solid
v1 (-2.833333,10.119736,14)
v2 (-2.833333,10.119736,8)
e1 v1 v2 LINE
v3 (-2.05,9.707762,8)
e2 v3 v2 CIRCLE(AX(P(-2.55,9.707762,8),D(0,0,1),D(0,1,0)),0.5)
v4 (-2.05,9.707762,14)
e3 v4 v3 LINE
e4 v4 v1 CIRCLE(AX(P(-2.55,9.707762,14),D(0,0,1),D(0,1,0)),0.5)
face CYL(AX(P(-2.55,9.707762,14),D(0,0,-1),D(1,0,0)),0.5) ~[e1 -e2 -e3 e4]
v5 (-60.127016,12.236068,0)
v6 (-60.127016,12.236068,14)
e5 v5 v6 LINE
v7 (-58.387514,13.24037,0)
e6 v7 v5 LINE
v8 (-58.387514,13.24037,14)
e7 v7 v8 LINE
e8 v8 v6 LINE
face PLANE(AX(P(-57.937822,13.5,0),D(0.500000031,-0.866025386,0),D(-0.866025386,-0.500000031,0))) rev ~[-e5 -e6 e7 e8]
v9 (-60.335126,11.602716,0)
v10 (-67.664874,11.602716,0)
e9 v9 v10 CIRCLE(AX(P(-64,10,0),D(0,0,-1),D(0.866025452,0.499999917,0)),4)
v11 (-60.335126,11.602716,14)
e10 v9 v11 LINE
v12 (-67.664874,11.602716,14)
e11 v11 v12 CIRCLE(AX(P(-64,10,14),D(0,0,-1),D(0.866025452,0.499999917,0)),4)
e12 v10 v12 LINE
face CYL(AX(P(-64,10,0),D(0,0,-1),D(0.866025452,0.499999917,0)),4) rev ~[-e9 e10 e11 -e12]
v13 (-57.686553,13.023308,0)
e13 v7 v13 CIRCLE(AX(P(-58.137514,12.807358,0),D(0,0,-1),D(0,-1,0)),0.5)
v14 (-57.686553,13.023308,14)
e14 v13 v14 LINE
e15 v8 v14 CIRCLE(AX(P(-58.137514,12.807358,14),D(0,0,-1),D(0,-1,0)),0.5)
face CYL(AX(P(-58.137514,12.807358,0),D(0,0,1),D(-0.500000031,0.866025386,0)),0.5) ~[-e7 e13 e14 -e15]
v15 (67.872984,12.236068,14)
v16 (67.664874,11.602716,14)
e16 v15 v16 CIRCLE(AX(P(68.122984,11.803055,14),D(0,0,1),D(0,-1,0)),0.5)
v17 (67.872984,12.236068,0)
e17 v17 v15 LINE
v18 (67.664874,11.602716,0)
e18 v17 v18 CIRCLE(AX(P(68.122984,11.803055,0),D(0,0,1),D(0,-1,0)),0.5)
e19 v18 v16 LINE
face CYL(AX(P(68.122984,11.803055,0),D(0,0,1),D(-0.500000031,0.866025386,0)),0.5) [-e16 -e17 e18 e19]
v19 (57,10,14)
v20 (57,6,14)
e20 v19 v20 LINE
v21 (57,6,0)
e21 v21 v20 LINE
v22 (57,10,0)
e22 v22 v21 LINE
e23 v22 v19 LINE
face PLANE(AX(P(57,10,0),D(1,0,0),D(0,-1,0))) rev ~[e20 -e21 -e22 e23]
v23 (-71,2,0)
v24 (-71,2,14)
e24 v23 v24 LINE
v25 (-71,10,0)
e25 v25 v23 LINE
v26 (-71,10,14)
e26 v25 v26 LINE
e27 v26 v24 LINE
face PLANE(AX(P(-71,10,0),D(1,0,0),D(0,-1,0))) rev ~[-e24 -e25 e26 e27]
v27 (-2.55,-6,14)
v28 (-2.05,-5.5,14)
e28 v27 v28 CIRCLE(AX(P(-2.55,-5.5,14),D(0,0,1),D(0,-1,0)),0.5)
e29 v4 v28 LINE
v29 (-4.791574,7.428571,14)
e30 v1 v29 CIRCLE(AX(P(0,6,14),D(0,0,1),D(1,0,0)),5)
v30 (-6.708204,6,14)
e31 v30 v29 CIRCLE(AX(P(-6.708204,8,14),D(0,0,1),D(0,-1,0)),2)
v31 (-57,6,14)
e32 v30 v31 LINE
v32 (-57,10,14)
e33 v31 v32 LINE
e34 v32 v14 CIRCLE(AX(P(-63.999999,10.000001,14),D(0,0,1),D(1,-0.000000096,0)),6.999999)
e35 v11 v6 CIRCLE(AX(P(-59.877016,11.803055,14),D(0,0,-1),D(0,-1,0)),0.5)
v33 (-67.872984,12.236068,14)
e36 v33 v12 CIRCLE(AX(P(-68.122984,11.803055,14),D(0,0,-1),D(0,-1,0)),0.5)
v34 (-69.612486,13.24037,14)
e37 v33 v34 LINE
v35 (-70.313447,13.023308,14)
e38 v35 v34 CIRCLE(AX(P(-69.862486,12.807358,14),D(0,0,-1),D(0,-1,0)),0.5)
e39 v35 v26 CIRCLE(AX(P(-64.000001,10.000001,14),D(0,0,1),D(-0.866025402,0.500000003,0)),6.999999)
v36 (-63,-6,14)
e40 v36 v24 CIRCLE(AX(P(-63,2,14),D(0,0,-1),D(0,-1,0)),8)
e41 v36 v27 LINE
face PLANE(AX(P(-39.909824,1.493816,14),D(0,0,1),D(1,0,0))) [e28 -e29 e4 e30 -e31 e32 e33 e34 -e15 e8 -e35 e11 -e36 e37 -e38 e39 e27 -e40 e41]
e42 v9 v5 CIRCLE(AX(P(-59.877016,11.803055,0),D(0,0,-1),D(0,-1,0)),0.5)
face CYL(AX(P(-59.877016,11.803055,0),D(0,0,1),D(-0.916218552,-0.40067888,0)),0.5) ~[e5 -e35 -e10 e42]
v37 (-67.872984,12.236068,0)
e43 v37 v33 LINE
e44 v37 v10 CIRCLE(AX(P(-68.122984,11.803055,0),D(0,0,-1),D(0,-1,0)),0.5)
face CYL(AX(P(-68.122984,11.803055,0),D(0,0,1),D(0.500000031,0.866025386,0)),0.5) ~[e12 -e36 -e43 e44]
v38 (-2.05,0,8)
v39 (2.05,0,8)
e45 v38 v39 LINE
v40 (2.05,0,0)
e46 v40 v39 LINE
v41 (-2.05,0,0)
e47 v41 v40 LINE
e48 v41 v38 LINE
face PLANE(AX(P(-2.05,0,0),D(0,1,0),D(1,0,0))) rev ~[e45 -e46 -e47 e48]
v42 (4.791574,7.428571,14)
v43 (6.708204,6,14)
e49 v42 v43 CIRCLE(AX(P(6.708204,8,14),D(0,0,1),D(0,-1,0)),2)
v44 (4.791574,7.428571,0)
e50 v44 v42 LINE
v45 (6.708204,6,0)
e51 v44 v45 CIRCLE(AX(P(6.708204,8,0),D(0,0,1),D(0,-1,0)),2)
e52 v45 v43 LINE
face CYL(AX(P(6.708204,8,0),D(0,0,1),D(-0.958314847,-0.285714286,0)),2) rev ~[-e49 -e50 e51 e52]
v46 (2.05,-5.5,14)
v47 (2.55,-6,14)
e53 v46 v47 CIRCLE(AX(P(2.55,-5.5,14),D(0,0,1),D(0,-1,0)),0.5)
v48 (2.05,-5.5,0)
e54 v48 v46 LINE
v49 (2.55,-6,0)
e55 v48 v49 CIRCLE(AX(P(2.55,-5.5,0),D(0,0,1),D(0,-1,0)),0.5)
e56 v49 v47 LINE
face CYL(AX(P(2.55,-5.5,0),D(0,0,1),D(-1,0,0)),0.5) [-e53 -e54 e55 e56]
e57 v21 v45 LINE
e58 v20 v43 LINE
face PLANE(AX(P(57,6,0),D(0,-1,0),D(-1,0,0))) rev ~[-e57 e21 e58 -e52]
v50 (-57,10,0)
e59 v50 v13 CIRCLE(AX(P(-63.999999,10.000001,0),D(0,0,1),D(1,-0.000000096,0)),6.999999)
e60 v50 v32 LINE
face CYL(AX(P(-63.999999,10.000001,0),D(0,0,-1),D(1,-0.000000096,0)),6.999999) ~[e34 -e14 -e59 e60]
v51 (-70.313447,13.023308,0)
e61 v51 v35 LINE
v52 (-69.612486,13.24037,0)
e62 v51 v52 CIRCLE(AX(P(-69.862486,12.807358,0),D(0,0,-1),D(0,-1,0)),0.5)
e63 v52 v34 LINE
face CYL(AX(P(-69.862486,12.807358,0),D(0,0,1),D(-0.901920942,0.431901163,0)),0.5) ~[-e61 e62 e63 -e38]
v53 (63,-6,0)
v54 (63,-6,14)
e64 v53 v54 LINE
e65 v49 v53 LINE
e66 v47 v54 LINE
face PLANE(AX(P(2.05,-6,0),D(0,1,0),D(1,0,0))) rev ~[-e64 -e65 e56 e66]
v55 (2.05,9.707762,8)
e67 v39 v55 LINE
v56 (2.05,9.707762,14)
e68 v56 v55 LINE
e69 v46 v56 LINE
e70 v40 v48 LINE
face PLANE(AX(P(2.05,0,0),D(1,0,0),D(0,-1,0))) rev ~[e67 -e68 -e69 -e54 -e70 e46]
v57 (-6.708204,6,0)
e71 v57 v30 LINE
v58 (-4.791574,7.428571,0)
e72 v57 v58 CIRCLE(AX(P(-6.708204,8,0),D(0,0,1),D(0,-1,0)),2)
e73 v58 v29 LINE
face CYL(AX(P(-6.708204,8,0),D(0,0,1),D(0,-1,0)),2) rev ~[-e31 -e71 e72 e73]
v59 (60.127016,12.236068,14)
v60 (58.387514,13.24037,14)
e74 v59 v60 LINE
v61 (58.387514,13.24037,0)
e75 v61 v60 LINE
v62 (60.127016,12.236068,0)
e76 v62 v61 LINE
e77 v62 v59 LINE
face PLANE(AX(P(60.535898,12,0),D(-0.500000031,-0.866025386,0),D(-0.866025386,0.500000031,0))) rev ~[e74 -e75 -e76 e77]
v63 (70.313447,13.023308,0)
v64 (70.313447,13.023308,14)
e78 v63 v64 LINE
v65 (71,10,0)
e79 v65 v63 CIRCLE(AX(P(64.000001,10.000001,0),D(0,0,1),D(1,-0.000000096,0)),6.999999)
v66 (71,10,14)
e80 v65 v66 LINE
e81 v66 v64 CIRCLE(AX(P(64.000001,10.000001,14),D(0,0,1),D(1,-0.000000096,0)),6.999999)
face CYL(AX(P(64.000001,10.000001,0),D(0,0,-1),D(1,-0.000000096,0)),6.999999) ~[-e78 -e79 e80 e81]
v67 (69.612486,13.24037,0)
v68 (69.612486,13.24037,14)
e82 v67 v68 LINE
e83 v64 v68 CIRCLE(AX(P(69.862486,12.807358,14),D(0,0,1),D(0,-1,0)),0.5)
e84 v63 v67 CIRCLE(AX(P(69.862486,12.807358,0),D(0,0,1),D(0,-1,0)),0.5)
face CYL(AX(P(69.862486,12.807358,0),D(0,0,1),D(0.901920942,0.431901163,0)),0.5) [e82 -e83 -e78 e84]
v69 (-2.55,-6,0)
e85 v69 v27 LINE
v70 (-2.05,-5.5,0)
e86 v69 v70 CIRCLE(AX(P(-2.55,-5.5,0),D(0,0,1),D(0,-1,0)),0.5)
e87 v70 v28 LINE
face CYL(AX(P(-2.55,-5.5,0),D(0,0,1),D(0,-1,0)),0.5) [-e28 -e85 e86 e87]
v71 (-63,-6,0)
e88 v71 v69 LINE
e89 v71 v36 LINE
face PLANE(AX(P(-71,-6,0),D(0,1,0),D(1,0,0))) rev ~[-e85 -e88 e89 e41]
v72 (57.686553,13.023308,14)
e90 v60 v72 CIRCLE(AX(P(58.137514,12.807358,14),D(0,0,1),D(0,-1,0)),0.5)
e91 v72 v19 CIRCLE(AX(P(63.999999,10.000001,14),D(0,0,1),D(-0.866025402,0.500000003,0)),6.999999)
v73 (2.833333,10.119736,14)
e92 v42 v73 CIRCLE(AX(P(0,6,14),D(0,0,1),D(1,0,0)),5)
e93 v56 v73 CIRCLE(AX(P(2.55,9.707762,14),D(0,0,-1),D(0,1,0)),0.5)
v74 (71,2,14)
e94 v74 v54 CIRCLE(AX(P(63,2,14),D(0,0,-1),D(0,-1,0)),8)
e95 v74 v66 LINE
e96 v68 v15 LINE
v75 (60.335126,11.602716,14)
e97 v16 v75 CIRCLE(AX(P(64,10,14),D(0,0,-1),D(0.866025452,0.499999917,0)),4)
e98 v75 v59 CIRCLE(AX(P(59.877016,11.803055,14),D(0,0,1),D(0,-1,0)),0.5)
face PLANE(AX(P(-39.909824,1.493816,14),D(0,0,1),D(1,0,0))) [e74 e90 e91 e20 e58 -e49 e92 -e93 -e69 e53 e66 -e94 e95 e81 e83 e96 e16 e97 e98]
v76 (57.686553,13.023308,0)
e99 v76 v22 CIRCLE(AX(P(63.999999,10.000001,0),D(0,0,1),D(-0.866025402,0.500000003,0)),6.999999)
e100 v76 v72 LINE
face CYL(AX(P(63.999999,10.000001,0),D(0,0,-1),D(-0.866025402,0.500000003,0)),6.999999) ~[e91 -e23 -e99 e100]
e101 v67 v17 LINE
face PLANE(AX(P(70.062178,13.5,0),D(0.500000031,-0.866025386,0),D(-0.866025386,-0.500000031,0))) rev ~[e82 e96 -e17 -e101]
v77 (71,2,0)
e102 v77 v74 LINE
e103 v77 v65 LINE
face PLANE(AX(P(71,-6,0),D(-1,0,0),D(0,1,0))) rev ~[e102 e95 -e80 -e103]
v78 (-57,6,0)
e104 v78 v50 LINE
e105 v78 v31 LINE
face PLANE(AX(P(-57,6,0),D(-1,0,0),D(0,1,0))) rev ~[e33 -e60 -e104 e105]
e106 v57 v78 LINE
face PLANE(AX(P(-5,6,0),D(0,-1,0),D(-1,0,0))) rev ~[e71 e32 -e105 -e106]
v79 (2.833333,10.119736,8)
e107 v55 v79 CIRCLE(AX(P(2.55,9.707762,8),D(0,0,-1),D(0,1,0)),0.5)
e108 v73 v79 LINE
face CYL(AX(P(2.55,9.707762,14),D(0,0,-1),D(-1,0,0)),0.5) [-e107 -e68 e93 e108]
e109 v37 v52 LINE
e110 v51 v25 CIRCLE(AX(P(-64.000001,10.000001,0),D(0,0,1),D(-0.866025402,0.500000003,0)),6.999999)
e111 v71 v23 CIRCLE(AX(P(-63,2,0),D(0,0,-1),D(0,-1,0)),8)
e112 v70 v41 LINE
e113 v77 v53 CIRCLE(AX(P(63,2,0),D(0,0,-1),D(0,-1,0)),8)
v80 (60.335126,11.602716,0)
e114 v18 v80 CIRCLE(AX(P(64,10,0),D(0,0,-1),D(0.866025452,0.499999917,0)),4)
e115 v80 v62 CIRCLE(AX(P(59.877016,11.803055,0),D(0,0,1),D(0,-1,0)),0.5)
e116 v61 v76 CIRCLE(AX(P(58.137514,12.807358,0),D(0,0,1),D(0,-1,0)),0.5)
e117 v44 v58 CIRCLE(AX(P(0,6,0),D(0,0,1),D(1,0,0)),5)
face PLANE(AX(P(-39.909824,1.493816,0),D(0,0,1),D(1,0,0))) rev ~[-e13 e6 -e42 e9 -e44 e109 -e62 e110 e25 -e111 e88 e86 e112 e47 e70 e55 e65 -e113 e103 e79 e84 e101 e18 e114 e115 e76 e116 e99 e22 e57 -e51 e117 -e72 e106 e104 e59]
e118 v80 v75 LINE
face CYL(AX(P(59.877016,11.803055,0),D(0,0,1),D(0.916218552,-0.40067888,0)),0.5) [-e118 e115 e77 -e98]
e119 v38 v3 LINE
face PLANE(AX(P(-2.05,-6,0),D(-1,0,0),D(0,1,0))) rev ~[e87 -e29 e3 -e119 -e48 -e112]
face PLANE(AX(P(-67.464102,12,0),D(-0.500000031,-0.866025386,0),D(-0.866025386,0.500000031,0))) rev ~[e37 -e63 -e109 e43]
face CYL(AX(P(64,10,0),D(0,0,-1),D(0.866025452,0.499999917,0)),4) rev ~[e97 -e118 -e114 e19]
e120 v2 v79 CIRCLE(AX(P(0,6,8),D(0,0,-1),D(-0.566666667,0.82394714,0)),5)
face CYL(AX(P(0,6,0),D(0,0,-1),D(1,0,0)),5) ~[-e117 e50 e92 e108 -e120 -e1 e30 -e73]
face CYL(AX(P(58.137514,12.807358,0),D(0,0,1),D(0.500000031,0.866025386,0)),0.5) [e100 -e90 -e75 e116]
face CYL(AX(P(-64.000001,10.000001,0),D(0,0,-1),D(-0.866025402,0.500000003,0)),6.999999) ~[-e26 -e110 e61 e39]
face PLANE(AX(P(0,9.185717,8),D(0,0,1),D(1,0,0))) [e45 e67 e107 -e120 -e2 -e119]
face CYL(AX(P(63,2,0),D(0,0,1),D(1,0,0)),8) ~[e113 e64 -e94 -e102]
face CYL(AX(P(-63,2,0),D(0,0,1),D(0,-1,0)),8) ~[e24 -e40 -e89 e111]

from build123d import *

# Parameters (mm, degrees)
F1_DEPTH = 14
F2_W     = 4.1
F2_H     = 18.371435
F3_DEPTH = 6
F4_R     = 8
F5_R     = 0.5
F6_R     = 2


with BuildPart() as f1:
    # F0 (on Top) → F1 (new body)
    with BuildSketch(Plane.XY):
        with BuildLine():
            Line((-71, -6), (-2.05, -6))
            Line((-2.05, -6), (-2.05, 0))
            Line((-2.05, 0), (-2.05, 6))
            Line((-2.05, 6), (-5, 6))
            Line((-5, 6), (-57, 6))
            Line((-57, 6), (-57, 10))
            ThreePointArc((-57, 10), (-57.238519, 11.811733), (-57.937822, 13.5))
            Line((-57.937822, 13.5), (-60.535898, 12))
            ThreePointArc((-60.535898, 12), (-64, 6), (-67.464102, 12))
            Line((-67.464102, 12), (-70.062178, 13.5))
            ThreePointArc((-70.062178, 13.5), (-70.761481, 11.811733), (-71, 10))
            Line((-71, 10), (-71, 6))
            Line((-71, 6), (-71, -6))
        make_face()
        Polygon((-2.05, 6), (-2.05, 0), (0, 0), (2.05, 0), (2.05, 6), (0, 6), align=None)
        with BuildLine():
            Line((-5, 6), (-2.05, 6))
            Line((-2.05, 6), (0, 6))
            Line((0, 6), (2.05, 6))
            Line((2.05, 6), (5, 6))
            ThreePointArc((5, 6), (0, 11), (-5, 6))
        make_face()
        with BuildLine():
            Line((2.05, 6), (2.05, 0))
            Line((2.05, 0), (2.05, -6))
            Line((2.05, -6), (71, -6))
            Line((71, -6), (71, 6))
            Line((71, 6), (71, 10))
            ThreePointArc((71, 10), (70.761481, 11.811733), (70.062178, 13.5))
            Line((70.062178, 13.5), (67.464102, 12))
            ThreePointArc((67.464102, 12), (64, 6), (60.535898, 12))
            Line((60.535898, 12), (57.937822, 13.5))
            ThreePointArc((57.937822, 13.5), (57.238519, 11.811733), (57, 10))
            Line((57, 10), (57, 6))
            Line((57, 6), (5, 6))
            Line((5, 6), (2.05, 6))
        make_face()
    extrude(amount=F1_DEPTH)

    # F2 (on face) → F3 (cut)
    with BuildSketch(Plane.XY.offset(14)):
        with Locations((0, 9.185717)):
            Rectangle(F2_W, F2_H)
    extrude(amount=-F3_DEPTH, mode=Mode.SUBTRACT)

    # F4
    f4_edges = [f1.edges().sort_by_distance(p)[0] for p in [
        (71, -6, 7),
        (-71, -6, 7),
    ]]
    fillet(f4_edges, radius=F4_R)

    # F5
    f5_edges = [f1.edges().sort_by_distance(p)[0] for p in [
        (2.05, -6, 7),
        (-2.05, -6, 7),
        (-2.05, 10.560428, 11),
        (2.05, 10.560428, 11),
        (-67.464102, 12, 7),
        (-60.535898, 12, 7),
        (60.535898, 12, 7),
        (67.464102, 12, 7),
        (70.062178, 13.5, 7),
        (57.937822, 13.5, 7),
        (-57.937822, 13.5, 7),
        (-70.062178, 13.5, 7),
    ]]
    fillet(f5_edges, radius=F5_R)

    # F6
    f6_edges = [f1.edges().sort_by_distance(p)[0] for p in [
        (-5, 6, 7),
        (5, 6, 7),
    ]]
    fillet(f6_edges, radius=F6_R)


solid = f1.part
